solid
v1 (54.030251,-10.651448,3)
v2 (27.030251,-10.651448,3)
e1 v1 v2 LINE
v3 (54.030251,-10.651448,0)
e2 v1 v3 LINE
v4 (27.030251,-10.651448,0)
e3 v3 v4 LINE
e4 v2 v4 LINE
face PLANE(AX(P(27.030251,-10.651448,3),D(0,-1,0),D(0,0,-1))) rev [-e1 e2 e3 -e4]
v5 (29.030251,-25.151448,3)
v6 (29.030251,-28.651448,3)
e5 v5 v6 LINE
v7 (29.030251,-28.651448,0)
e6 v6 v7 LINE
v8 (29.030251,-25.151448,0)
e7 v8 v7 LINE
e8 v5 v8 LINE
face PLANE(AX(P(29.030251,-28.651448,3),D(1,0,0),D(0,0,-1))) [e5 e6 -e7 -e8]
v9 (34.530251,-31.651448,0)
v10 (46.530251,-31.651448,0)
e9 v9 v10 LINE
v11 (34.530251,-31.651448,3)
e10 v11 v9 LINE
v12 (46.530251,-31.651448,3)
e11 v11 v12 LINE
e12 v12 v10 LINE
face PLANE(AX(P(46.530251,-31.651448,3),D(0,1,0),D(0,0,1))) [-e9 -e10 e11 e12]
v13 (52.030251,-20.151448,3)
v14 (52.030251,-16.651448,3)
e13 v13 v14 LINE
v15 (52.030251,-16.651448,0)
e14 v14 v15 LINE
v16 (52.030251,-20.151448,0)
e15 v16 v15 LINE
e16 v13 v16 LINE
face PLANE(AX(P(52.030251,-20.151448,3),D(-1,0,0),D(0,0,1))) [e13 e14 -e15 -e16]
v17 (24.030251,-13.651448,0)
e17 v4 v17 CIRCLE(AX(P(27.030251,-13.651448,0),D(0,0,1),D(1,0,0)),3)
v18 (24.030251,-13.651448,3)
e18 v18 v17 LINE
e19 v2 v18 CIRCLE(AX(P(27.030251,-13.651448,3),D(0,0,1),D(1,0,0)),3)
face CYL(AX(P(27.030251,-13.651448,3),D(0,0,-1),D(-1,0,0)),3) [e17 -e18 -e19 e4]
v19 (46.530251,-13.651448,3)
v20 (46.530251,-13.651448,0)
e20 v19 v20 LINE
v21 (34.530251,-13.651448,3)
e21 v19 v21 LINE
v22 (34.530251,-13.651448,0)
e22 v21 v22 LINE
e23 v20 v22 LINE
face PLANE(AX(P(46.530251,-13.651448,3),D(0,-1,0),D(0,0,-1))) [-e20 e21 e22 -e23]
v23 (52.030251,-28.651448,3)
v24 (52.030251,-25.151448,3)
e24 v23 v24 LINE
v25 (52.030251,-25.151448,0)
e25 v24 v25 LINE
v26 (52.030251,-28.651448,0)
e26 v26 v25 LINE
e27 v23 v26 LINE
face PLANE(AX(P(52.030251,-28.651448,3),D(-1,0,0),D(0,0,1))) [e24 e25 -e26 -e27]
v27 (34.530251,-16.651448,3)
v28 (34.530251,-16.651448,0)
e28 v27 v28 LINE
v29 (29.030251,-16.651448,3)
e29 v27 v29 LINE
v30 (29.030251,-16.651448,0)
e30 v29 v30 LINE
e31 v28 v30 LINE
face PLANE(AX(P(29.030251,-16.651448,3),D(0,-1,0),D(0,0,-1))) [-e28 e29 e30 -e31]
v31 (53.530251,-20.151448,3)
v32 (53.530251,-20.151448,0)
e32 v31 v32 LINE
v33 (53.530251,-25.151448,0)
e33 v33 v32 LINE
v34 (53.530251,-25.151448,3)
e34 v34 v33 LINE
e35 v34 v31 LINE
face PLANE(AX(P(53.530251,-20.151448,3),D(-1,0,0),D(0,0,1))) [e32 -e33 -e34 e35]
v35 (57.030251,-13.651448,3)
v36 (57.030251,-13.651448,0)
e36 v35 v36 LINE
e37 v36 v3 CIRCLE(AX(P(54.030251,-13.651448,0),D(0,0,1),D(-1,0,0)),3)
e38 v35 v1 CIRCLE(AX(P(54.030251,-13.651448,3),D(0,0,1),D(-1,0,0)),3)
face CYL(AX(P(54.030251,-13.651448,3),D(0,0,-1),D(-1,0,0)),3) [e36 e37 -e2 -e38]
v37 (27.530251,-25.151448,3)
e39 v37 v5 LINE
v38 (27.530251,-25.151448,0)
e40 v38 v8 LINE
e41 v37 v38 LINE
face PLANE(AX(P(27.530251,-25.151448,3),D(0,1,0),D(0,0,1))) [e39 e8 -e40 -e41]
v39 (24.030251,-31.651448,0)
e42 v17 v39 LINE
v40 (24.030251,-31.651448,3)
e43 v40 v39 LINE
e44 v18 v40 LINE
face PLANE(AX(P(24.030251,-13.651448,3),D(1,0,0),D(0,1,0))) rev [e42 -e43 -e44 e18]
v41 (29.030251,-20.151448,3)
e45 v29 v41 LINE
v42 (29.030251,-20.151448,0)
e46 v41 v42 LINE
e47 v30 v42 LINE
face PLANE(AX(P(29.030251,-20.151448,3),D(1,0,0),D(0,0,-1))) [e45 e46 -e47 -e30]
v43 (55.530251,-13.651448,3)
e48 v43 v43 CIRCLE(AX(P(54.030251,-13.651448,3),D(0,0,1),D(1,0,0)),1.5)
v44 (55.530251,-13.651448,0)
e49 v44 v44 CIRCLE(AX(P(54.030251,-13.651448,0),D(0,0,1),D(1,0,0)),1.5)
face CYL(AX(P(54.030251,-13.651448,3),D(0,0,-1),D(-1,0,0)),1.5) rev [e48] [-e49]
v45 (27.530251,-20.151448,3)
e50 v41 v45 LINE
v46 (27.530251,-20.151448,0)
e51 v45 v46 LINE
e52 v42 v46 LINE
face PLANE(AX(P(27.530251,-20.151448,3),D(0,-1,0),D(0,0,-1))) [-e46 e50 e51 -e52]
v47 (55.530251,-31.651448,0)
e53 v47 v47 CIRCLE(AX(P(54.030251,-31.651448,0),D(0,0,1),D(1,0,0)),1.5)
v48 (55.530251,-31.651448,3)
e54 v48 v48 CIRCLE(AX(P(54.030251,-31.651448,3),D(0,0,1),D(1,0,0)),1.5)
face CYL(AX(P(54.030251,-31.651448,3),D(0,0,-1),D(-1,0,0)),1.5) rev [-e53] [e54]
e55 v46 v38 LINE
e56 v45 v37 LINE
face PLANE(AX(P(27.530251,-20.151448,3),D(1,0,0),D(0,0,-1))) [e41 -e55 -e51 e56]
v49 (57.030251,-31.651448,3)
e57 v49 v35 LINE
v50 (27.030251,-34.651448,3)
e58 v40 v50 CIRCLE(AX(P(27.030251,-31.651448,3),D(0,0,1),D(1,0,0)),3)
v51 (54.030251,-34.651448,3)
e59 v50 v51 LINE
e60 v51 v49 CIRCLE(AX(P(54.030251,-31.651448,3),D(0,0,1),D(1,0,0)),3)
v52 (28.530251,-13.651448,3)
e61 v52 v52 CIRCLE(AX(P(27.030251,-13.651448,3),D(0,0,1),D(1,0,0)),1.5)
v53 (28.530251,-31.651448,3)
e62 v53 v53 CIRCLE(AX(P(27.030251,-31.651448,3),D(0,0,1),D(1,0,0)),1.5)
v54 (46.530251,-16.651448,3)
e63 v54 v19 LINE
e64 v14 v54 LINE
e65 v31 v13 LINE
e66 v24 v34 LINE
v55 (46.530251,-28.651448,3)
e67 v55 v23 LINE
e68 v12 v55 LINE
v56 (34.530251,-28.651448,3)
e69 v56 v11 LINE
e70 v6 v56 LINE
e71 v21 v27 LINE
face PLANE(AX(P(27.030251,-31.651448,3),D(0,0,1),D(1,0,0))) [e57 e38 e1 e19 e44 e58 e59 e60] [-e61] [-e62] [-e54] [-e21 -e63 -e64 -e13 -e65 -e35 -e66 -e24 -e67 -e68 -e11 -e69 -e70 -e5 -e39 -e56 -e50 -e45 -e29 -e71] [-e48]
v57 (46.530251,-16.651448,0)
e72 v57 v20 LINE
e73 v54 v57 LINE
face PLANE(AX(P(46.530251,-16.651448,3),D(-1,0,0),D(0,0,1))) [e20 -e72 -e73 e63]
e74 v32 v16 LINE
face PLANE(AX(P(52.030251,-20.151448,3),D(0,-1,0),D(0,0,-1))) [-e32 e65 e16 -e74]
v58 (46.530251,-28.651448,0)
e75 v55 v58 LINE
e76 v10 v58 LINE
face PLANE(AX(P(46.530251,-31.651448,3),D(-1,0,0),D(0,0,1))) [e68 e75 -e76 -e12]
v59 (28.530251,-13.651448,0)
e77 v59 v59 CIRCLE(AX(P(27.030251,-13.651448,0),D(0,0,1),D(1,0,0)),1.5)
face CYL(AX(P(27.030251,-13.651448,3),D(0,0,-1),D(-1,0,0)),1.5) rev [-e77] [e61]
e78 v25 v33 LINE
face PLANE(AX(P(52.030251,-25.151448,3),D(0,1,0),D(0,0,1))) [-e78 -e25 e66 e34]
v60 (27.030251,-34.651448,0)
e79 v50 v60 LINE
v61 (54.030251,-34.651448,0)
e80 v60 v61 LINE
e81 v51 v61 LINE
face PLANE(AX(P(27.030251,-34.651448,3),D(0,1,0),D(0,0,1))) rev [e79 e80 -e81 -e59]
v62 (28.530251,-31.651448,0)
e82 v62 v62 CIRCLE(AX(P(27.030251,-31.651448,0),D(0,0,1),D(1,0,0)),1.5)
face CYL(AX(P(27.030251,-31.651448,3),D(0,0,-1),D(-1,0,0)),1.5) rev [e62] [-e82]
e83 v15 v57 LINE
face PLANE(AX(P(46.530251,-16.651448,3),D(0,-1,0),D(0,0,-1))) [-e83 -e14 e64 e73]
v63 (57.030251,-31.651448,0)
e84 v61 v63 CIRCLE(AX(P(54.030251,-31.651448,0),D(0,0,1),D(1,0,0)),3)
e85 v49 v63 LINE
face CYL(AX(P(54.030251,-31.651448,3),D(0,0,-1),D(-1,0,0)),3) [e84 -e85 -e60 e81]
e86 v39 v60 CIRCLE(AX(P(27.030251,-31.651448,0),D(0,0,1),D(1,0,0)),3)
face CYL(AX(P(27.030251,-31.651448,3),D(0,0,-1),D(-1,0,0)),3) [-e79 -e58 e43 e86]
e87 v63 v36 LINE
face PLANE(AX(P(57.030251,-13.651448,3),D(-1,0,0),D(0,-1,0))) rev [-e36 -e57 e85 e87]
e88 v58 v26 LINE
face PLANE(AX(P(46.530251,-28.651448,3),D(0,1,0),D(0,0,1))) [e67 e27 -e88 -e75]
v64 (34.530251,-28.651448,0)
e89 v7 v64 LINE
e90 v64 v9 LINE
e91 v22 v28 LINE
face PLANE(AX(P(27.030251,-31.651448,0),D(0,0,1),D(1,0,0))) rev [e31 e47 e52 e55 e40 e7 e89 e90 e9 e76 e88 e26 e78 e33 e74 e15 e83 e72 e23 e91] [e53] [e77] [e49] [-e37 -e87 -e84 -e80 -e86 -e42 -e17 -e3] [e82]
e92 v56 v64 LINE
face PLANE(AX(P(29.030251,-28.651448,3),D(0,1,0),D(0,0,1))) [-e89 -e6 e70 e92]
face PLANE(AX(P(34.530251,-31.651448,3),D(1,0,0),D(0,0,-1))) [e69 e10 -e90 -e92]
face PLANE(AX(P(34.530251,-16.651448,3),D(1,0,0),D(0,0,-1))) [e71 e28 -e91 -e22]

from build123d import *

# Parameters (mm, degrees)
ESQUISSE16_R        = 1.5
BOSS_EXTRU_16_DEPTH = 3


with BuildPart() as part:
    # Esquisse16 → Boss.-Extru.16 (new body)
    with BuildSketch(Plane.XY):
        with BuildLine():
            Line((27.030251009, -10.651447746), (54.030251009, -10.651447746))
            ThreePointArc((54.030251009, -10.651447746), (56.151571352, -11.530127403), (57.030251009, -13.651447746))
            Line((57.030251009, -13.651447746), (57.030251009, -31.651447746))
            ThreePointArc((57.030251009, -31.651447746), (56.151571352, -33.77276809), (54.030251009, -34.651447746))
            Line((54.030251009, -34.651447746), (27.030251009, -34.651447746))
            ThreePointArc((27.030251009, -34.651447746), (24.908930665, -33.77276809), (24.030251009, -31.651447746))
            Line((24.030251009, -31.651447746), (24.030251009, -13.651447746))
            ThreePointArc((24.030251009, -13.651447746), (24.908930665, -11.530127403), (27.030251009, -10.651447746))
        make_face()
        with Locations((27.030251009, -13.651447746)):
            Circle(ESQUISSE16_R, mode=Mode.SUBTRACT)
        with Locations((54.030251009, -13.651447746)):
            Circle(ESQUISSE16_R, mode=Mode.SUBTRACT)
        with Locations((54.030251009, -31.651447746)):
            Circle(ESQUISSE16_R, mode=Mode.SUBTRACT)
        with Locations((27.030251009, -31.651447746)):
            Circle(ESQUISSE16_R, mode=Mode.SUBTRACT)
        Polygon((29.030251009, -28.651447746), (34.530251009, -28.651447746), (34.530251009, -31.651447746), (46.530251009, -31.651447746), (46.530251009, -28.651447746), (52.030251009, -28.651447746), (52.030251009, -25.151447746), (53.530251009, -25.151447746), (53.530251009, -20.151447746), (52.030251009, -20.151447746), (52.030251009, -16.651447746), (46.530251009, -16.651447746), (46.530251009, -13.651447746), (34.530251009, -13.651447746), (34.530251009, -16.651447746), (29.030251009, -16.651447746), (29.030251009, -20.151447746), (27.530251009, -20.151447746), (27.530251009, -25.151447746), (29.030251009, -25.151447746), align=None, mode=Mode.SUBTRACT)
    extrude(amount=BOSS_EXTRU_16_DEPTH)


solid = part.part
